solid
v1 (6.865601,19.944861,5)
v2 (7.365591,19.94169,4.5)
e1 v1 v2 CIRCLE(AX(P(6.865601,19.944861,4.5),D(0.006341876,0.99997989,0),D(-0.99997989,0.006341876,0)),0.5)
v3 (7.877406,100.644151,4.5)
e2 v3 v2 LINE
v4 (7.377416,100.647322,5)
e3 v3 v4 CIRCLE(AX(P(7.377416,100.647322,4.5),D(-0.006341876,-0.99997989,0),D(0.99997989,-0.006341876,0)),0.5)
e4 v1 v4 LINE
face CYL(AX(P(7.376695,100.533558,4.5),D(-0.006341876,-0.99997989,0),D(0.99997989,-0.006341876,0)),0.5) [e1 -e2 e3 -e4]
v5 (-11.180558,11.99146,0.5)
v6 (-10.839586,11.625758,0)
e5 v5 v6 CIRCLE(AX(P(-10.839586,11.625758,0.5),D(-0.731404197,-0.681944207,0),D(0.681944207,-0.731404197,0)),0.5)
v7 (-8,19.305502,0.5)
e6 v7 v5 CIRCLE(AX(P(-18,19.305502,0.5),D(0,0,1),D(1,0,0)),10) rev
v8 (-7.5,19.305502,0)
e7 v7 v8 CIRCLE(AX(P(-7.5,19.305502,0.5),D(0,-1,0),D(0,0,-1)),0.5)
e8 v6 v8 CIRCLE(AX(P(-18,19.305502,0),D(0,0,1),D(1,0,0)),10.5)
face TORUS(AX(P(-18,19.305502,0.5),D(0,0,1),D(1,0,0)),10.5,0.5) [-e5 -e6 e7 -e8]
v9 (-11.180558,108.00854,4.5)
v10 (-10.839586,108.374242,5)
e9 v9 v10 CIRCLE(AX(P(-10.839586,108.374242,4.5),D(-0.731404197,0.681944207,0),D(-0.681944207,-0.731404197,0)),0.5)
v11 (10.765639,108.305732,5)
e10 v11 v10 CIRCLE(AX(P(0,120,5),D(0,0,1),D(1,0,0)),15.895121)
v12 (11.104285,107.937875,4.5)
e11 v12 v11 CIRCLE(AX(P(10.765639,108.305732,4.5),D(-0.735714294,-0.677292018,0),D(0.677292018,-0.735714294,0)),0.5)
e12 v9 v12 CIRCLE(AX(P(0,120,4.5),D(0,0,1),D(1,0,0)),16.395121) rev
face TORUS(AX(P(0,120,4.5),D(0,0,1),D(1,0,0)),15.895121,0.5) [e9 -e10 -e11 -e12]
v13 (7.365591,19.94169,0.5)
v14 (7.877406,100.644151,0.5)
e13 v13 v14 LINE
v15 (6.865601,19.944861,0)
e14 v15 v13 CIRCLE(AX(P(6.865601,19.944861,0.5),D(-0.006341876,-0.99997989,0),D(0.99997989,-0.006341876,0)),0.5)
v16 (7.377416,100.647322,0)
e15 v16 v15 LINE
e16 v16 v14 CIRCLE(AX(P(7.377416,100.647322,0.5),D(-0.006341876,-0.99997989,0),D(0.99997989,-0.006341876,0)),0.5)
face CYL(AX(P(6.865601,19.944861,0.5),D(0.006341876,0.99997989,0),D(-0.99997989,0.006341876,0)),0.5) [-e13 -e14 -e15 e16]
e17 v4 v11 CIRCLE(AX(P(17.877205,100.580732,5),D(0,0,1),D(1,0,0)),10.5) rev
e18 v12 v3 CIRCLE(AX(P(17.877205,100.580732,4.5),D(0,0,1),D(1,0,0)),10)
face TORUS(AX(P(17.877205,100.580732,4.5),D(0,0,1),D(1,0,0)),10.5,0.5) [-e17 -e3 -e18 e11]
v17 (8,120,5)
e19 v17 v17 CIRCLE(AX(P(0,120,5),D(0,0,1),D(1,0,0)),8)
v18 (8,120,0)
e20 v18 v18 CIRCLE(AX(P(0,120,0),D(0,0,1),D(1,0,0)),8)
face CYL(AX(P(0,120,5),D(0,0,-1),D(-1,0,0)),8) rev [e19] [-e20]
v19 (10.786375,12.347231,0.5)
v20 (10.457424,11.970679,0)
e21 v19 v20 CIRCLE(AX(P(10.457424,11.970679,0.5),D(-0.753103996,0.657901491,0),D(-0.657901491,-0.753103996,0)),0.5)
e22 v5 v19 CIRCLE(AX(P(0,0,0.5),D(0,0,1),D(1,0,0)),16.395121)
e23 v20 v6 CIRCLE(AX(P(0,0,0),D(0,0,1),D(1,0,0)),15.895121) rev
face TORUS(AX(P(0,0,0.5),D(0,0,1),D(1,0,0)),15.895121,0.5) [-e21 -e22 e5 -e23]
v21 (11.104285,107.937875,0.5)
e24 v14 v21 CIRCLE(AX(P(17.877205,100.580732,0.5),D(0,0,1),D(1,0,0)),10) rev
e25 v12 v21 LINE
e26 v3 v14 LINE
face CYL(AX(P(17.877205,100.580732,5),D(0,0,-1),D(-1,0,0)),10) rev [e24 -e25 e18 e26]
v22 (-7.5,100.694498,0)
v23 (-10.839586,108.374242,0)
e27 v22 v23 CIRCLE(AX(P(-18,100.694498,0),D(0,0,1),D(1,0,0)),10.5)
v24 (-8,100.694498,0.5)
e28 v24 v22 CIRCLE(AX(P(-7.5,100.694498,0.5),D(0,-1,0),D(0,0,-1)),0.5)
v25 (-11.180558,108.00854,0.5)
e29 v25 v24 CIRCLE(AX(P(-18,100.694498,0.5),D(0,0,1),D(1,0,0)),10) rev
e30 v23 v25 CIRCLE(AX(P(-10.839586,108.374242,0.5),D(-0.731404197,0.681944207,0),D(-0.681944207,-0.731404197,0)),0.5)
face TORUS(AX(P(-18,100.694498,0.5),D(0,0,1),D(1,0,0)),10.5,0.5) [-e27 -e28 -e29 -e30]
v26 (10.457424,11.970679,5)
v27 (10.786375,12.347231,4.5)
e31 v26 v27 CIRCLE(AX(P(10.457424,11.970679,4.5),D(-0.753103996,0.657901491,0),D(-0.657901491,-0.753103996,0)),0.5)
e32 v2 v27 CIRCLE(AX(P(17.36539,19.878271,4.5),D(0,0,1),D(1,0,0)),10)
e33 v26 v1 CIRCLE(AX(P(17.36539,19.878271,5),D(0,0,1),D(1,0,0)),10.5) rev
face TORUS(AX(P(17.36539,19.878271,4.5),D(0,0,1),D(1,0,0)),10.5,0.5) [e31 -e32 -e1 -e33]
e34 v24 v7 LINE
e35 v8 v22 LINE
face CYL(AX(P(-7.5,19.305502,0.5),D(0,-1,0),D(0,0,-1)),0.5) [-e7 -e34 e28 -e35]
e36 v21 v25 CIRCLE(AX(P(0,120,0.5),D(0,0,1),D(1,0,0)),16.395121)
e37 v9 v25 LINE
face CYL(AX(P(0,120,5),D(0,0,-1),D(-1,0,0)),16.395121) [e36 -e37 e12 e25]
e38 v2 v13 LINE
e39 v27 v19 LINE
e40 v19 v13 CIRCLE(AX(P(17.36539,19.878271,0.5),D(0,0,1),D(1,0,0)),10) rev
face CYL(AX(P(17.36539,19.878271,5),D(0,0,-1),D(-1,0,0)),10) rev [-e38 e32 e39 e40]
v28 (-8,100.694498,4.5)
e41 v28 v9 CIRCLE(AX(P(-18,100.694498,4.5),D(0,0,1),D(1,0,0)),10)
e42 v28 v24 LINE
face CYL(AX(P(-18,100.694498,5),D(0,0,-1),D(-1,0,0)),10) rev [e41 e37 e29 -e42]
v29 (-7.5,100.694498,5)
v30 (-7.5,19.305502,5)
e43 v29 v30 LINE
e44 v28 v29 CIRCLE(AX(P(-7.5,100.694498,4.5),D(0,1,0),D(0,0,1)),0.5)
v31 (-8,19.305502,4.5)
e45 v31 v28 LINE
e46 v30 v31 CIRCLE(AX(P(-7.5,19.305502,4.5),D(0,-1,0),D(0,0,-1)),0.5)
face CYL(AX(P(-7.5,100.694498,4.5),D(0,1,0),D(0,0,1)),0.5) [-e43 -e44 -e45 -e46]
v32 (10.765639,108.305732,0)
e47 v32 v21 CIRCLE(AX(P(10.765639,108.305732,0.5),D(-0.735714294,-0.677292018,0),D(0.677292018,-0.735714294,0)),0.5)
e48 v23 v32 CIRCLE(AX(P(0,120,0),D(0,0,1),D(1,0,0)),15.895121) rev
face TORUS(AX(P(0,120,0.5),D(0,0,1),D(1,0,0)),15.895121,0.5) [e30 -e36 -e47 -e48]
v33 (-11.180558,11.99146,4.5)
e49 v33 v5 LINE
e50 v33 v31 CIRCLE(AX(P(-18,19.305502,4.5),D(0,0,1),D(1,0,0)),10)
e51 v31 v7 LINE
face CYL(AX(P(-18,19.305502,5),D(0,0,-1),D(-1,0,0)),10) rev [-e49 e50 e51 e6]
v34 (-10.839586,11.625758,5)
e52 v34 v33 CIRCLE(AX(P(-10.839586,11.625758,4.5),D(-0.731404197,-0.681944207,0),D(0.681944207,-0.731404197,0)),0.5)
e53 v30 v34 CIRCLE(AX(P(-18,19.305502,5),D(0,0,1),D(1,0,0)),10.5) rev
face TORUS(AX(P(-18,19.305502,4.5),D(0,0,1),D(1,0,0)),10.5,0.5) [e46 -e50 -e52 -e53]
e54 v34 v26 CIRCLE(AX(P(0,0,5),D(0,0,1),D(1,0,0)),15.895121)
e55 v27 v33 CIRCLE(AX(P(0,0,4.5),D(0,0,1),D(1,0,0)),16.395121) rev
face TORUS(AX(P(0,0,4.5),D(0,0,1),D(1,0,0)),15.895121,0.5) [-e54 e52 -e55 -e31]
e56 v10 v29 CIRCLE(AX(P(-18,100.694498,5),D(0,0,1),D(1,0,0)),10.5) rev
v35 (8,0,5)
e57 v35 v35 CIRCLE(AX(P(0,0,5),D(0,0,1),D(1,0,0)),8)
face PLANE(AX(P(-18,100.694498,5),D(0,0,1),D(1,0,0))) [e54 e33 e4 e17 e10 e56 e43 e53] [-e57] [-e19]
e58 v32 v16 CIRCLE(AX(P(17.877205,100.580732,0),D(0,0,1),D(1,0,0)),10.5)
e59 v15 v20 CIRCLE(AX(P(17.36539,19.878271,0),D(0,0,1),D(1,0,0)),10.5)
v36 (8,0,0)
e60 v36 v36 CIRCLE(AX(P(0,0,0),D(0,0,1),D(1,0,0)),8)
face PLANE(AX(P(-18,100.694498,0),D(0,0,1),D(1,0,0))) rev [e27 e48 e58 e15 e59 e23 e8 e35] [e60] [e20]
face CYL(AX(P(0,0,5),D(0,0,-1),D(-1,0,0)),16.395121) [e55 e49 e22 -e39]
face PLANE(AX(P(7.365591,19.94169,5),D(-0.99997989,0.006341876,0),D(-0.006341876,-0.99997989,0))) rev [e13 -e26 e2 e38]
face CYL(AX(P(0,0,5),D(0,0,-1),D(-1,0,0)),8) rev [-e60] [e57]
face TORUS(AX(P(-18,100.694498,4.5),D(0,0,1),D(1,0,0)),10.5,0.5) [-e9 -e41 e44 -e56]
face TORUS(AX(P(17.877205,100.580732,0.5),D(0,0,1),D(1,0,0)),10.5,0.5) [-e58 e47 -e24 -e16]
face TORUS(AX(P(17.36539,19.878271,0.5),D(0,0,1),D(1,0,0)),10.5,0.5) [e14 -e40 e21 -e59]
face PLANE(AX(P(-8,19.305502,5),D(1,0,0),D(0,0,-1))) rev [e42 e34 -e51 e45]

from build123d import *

# Parameters (mm, degrees)
SKETCH_1_R      = 8
EXTRUDE_1_DEPTH = 5
FILLET_1_R      = 0.5


with BuildPart() as part:
    # 草图1 → 凸台-拉伸1 (new body)
    with BuildSketch(Plane.XY):
        with BuildLine():
            Line((-8, 19.305502441), (-8, 100.694497559))
            ThreePointArc((-8, 100.694497559), (-8.829546885, 104.682327755), (-11.180557935, 108.008539527))
            ThreePointArc((-11.180557935, 108.008539527), (0.051988176, 136.395038799), (11.104284737, 107.93787496))
            ThreePointArc((11.104284737, 107.93787496), (8.732226543, 104.626639898), (7.877406014, 100.644150781))
            Line((7.877406014, 100.644150781), (7.365590706, 19.941690023))
            ThreePointArc((7.365590706, 19.941690023), (8.247647691, 15.771352421), (10.786374698, 12.347231304))
            ThreePointArc((10.786374698, 12.347231304), (0.265496379, -16.392971411), (-11.180557935, 11.991460473))
            ThreePointArc((-11.180557935, 11.991460473), (-8.829546885, 15.317672245), (-8, 19.305502441))
        make_face()
        with Locations((0, 120)):
            Circle(SKETCH_1_R, mode=Mode.SUBTRACT)
        Circle(SKETCH_1_R, mode=Mode.SUBTRACT)
    extrude(amount=EXTRUDE_1_DEPTH)

    # 圆角1
    fillet_1_edges = [part.edges().sort_by_distance(p)[0] for p in [
        (0.265496379, -16.392971411, 0),
        (-8.829546885, 15.317672245, 0),
        (-8, 60, 0),
        (-8.829546885, 104.682327755, 0),
        (-8.829546885, 15.317672245, 5),
        (0.265496379, -16.392971411, 5),
        (8.247647691, 15.771352421, 5),
        (7.62149836, 60.292920402, 5),
        (8.732226543, 104.626639898, 5),
        (0.051988176, 136.395038799, 5),
        (-8.829546885, 104.682327755, 5),
        (0.051988176, 136.395038799, 0),
        (-8, 60, 5),
        (8.732226543, 104.626639898, 0),
        (7.62149836, 60.292920402, 0),
        (8.247647691, 15.771352421, 0),
    ]]
    fillet(fillet_1_edges, radius=FILLET_1_R)


solid = part.part
